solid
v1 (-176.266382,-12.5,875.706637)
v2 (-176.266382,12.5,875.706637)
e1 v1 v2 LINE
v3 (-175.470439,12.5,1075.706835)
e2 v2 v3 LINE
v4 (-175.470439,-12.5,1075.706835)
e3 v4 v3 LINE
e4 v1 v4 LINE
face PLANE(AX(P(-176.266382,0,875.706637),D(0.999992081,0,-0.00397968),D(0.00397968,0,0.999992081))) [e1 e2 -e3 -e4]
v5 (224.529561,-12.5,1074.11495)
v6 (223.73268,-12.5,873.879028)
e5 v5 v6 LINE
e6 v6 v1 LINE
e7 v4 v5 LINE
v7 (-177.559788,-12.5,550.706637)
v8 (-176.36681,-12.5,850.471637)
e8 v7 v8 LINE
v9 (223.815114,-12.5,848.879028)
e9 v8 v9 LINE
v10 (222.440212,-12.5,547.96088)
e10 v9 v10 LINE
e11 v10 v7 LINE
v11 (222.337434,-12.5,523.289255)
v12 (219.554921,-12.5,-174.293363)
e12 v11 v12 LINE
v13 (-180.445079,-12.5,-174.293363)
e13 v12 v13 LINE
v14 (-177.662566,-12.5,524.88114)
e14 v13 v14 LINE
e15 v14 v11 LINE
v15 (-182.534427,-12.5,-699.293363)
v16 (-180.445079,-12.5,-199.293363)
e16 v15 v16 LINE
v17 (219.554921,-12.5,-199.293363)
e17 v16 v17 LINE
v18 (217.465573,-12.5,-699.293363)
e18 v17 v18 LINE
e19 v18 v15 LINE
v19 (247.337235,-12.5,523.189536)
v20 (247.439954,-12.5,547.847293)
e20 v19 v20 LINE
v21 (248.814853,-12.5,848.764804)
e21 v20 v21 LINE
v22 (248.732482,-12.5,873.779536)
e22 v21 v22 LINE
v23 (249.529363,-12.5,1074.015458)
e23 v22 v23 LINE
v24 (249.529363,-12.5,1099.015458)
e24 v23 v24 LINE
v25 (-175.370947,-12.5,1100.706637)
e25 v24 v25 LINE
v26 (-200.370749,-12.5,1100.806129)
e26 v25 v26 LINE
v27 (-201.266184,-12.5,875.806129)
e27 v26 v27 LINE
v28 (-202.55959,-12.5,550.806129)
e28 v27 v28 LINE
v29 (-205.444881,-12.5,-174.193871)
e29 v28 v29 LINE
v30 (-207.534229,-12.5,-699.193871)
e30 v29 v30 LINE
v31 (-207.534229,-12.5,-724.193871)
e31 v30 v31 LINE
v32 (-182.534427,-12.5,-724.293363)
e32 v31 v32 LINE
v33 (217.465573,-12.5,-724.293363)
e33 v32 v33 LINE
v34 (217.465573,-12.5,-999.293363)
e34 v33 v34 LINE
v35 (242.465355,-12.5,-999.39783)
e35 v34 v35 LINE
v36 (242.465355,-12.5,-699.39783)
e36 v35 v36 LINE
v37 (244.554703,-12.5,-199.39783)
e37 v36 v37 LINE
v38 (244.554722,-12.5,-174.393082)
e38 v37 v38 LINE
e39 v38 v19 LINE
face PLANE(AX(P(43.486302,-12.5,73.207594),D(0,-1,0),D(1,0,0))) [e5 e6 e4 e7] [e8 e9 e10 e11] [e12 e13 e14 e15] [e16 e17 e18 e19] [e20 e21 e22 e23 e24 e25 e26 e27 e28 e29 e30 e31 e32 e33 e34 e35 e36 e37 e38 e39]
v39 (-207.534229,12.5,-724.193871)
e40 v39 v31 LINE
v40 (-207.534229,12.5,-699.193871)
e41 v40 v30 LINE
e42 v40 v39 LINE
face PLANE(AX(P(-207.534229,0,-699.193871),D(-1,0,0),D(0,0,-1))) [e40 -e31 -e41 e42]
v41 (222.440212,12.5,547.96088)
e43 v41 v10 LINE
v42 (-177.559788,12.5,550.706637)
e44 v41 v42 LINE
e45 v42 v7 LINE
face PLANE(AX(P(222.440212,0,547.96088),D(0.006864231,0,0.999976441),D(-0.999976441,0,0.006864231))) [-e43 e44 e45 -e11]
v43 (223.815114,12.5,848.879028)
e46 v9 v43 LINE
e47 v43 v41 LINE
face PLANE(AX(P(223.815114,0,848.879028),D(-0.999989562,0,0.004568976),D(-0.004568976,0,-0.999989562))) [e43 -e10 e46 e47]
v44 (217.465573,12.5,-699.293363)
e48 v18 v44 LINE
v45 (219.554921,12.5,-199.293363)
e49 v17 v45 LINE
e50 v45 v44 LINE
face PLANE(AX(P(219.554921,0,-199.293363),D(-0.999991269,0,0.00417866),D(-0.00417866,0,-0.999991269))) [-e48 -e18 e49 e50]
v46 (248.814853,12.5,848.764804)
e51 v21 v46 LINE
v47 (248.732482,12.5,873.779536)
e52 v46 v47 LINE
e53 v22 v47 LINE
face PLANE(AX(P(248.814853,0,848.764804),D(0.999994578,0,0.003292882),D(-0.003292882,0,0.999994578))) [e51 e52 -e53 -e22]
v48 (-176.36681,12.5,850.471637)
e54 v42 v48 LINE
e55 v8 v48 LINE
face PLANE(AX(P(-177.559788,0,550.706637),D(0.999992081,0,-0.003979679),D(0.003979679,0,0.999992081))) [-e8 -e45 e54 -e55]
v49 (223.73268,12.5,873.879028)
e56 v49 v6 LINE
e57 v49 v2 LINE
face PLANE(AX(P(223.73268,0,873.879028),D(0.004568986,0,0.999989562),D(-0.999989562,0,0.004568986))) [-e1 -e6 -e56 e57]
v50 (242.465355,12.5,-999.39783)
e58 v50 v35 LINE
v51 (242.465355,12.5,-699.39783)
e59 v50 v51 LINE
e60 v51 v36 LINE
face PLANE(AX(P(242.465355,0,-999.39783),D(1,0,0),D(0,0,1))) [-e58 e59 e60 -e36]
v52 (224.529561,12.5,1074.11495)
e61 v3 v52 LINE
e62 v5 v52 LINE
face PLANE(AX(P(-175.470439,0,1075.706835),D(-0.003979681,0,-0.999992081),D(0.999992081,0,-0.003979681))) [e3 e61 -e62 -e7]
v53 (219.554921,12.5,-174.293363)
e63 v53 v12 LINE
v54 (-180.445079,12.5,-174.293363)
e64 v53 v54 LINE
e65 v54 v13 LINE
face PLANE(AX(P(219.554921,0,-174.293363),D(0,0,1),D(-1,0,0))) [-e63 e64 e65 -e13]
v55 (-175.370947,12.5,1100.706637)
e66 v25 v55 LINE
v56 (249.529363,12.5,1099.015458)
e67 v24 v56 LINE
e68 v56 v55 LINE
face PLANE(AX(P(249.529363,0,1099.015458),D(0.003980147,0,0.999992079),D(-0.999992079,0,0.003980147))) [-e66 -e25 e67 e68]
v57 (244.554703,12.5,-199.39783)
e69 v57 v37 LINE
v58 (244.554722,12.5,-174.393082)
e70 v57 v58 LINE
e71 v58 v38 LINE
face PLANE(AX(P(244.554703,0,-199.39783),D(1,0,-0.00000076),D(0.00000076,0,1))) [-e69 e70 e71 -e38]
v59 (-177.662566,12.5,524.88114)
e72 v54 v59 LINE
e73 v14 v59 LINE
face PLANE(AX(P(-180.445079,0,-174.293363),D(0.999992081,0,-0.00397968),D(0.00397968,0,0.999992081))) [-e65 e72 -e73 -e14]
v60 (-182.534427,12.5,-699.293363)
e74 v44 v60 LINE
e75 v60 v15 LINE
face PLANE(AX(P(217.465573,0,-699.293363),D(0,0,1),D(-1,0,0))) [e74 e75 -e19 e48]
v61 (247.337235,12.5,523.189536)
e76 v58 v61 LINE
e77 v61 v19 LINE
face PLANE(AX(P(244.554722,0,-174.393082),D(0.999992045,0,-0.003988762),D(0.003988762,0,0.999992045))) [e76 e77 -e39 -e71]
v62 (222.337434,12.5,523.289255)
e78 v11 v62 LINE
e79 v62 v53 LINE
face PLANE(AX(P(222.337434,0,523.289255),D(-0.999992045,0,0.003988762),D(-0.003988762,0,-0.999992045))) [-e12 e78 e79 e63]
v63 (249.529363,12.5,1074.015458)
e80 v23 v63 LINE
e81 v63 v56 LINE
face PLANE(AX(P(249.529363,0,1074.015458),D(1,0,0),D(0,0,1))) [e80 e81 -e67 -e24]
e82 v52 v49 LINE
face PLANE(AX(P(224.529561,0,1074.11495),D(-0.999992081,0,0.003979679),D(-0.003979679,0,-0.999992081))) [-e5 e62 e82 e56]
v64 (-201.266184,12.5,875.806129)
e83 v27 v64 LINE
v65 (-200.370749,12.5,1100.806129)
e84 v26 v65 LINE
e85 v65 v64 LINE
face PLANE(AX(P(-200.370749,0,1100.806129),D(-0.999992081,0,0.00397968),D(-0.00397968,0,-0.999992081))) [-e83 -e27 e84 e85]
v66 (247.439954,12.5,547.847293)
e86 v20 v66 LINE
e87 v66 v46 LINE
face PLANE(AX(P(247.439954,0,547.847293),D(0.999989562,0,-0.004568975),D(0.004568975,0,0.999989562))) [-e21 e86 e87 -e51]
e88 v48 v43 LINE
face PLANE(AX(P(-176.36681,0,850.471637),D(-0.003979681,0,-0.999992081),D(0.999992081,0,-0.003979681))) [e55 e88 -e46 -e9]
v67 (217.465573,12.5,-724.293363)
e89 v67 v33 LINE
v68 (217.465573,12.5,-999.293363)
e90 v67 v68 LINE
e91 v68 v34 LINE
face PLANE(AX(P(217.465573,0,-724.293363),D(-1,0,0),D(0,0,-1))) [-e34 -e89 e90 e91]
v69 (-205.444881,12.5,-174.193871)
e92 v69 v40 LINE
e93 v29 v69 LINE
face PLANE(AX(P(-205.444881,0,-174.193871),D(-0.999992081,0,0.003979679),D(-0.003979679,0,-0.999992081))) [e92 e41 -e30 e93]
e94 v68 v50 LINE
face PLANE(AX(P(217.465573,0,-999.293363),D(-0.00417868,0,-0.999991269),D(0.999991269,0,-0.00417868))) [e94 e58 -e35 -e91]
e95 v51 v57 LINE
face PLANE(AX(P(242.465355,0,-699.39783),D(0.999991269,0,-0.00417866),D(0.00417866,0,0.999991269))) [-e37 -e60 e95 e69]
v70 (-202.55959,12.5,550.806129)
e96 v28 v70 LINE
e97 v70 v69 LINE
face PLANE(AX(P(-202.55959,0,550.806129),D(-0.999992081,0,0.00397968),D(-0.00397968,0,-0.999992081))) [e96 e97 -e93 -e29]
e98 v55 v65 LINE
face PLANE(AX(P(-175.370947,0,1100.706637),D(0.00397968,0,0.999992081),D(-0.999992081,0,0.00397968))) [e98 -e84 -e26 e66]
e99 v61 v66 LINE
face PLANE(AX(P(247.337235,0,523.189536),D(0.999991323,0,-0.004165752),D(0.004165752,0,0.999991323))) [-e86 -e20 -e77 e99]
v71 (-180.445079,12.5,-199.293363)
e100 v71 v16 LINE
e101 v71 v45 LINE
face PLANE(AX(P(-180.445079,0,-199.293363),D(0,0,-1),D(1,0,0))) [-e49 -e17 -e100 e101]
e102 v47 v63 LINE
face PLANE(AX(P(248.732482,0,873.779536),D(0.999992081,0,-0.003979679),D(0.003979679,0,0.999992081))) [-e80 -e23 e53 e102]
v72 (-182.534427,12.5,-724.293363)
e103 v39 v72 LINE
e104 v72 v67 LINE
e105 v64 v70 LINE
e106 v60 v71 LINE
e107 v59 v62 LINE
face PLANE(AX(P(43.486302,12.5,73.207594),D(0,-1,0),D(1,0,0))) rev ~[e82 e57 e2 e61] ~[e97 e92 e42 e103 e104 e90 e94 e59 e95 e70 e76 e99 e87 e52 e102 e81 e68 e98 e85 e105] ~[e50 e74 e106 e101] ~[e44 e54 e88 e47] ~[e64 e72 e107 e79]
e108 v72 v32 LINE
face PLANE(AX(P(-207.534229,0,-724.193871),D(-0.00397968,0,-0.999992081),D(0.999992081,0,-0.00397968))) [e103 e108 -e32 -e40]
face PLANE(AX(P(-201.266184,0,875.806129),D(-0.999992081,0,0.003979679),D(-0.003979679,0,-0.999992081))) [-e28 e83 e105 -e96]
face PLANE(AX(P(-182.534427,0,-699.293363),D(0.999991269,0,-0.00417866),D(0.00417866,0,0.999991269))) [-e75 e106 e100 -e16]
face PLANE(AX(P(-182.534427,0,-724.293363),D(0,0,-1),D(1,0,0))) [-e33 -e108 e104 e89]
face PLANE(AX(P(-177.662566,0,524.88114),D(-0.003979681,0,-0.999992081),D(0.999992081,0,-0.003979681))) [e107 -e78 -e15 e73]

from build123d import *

# Parameters (mm, degrees)
F1_DEPTH = 12.5


with BuildPart() as f1:
    # F0 (on Front) → F1 (new body, symmetric)
    with BuildSketch(Plane.XZ):
        Polygon((-205.444881, -174.193871), (-207.534229, -699.193871), (-207.534229, -724.193871), (-182.534427, -724.293363), (217.465573, -724.293363), (217.465573, -999.293363), (242.465355, -999.39783), (242.465355, -699.39783), (244.554703, -199.39783), (244.554722, -174.393082), (247.337235, 523.189536), (247.439954, 547.847293), (248.814853, 848.764804), (248.732482, 873.779536), (249.529363, 1074.015458), (249.529363, 1099.015458), (-175.370947, 1100.706637), (-200.370749, 1100.806129), (-201.266184, 875.806129), (-202.55959, 550.806129), align=None)
        Polygon((-182.534427, -699.293363), (-180.445079, -199.293363), (219.554921, -199.293363), (217.465573, -699.293363), align=None, mode=Mode.SUBTRACT)
        Polygon((219.554921, -174.293363), (-180.445079, -174.293363), (-177.662566, 524.88114), (222.337434, 523.289255), align=None, mode=Mode.SUBTRACT)
        Polygon((222.440212, 547.96088), (-177.559788, 550.706637), (-176.36681, 850.471637), (223.815114, 848.879028), align=None, mode=Mode.SUBTRACT)
        Polygon((223.73268, 873.879028), (-176.266382, 875.706637), (-175.470439, 1075.706835), (224.529561, 1074.11495), align=None, mode=Mode.SUBTRACT)
    extrude(amount=F1_DEPTH, both=True)


solid = f1.part
